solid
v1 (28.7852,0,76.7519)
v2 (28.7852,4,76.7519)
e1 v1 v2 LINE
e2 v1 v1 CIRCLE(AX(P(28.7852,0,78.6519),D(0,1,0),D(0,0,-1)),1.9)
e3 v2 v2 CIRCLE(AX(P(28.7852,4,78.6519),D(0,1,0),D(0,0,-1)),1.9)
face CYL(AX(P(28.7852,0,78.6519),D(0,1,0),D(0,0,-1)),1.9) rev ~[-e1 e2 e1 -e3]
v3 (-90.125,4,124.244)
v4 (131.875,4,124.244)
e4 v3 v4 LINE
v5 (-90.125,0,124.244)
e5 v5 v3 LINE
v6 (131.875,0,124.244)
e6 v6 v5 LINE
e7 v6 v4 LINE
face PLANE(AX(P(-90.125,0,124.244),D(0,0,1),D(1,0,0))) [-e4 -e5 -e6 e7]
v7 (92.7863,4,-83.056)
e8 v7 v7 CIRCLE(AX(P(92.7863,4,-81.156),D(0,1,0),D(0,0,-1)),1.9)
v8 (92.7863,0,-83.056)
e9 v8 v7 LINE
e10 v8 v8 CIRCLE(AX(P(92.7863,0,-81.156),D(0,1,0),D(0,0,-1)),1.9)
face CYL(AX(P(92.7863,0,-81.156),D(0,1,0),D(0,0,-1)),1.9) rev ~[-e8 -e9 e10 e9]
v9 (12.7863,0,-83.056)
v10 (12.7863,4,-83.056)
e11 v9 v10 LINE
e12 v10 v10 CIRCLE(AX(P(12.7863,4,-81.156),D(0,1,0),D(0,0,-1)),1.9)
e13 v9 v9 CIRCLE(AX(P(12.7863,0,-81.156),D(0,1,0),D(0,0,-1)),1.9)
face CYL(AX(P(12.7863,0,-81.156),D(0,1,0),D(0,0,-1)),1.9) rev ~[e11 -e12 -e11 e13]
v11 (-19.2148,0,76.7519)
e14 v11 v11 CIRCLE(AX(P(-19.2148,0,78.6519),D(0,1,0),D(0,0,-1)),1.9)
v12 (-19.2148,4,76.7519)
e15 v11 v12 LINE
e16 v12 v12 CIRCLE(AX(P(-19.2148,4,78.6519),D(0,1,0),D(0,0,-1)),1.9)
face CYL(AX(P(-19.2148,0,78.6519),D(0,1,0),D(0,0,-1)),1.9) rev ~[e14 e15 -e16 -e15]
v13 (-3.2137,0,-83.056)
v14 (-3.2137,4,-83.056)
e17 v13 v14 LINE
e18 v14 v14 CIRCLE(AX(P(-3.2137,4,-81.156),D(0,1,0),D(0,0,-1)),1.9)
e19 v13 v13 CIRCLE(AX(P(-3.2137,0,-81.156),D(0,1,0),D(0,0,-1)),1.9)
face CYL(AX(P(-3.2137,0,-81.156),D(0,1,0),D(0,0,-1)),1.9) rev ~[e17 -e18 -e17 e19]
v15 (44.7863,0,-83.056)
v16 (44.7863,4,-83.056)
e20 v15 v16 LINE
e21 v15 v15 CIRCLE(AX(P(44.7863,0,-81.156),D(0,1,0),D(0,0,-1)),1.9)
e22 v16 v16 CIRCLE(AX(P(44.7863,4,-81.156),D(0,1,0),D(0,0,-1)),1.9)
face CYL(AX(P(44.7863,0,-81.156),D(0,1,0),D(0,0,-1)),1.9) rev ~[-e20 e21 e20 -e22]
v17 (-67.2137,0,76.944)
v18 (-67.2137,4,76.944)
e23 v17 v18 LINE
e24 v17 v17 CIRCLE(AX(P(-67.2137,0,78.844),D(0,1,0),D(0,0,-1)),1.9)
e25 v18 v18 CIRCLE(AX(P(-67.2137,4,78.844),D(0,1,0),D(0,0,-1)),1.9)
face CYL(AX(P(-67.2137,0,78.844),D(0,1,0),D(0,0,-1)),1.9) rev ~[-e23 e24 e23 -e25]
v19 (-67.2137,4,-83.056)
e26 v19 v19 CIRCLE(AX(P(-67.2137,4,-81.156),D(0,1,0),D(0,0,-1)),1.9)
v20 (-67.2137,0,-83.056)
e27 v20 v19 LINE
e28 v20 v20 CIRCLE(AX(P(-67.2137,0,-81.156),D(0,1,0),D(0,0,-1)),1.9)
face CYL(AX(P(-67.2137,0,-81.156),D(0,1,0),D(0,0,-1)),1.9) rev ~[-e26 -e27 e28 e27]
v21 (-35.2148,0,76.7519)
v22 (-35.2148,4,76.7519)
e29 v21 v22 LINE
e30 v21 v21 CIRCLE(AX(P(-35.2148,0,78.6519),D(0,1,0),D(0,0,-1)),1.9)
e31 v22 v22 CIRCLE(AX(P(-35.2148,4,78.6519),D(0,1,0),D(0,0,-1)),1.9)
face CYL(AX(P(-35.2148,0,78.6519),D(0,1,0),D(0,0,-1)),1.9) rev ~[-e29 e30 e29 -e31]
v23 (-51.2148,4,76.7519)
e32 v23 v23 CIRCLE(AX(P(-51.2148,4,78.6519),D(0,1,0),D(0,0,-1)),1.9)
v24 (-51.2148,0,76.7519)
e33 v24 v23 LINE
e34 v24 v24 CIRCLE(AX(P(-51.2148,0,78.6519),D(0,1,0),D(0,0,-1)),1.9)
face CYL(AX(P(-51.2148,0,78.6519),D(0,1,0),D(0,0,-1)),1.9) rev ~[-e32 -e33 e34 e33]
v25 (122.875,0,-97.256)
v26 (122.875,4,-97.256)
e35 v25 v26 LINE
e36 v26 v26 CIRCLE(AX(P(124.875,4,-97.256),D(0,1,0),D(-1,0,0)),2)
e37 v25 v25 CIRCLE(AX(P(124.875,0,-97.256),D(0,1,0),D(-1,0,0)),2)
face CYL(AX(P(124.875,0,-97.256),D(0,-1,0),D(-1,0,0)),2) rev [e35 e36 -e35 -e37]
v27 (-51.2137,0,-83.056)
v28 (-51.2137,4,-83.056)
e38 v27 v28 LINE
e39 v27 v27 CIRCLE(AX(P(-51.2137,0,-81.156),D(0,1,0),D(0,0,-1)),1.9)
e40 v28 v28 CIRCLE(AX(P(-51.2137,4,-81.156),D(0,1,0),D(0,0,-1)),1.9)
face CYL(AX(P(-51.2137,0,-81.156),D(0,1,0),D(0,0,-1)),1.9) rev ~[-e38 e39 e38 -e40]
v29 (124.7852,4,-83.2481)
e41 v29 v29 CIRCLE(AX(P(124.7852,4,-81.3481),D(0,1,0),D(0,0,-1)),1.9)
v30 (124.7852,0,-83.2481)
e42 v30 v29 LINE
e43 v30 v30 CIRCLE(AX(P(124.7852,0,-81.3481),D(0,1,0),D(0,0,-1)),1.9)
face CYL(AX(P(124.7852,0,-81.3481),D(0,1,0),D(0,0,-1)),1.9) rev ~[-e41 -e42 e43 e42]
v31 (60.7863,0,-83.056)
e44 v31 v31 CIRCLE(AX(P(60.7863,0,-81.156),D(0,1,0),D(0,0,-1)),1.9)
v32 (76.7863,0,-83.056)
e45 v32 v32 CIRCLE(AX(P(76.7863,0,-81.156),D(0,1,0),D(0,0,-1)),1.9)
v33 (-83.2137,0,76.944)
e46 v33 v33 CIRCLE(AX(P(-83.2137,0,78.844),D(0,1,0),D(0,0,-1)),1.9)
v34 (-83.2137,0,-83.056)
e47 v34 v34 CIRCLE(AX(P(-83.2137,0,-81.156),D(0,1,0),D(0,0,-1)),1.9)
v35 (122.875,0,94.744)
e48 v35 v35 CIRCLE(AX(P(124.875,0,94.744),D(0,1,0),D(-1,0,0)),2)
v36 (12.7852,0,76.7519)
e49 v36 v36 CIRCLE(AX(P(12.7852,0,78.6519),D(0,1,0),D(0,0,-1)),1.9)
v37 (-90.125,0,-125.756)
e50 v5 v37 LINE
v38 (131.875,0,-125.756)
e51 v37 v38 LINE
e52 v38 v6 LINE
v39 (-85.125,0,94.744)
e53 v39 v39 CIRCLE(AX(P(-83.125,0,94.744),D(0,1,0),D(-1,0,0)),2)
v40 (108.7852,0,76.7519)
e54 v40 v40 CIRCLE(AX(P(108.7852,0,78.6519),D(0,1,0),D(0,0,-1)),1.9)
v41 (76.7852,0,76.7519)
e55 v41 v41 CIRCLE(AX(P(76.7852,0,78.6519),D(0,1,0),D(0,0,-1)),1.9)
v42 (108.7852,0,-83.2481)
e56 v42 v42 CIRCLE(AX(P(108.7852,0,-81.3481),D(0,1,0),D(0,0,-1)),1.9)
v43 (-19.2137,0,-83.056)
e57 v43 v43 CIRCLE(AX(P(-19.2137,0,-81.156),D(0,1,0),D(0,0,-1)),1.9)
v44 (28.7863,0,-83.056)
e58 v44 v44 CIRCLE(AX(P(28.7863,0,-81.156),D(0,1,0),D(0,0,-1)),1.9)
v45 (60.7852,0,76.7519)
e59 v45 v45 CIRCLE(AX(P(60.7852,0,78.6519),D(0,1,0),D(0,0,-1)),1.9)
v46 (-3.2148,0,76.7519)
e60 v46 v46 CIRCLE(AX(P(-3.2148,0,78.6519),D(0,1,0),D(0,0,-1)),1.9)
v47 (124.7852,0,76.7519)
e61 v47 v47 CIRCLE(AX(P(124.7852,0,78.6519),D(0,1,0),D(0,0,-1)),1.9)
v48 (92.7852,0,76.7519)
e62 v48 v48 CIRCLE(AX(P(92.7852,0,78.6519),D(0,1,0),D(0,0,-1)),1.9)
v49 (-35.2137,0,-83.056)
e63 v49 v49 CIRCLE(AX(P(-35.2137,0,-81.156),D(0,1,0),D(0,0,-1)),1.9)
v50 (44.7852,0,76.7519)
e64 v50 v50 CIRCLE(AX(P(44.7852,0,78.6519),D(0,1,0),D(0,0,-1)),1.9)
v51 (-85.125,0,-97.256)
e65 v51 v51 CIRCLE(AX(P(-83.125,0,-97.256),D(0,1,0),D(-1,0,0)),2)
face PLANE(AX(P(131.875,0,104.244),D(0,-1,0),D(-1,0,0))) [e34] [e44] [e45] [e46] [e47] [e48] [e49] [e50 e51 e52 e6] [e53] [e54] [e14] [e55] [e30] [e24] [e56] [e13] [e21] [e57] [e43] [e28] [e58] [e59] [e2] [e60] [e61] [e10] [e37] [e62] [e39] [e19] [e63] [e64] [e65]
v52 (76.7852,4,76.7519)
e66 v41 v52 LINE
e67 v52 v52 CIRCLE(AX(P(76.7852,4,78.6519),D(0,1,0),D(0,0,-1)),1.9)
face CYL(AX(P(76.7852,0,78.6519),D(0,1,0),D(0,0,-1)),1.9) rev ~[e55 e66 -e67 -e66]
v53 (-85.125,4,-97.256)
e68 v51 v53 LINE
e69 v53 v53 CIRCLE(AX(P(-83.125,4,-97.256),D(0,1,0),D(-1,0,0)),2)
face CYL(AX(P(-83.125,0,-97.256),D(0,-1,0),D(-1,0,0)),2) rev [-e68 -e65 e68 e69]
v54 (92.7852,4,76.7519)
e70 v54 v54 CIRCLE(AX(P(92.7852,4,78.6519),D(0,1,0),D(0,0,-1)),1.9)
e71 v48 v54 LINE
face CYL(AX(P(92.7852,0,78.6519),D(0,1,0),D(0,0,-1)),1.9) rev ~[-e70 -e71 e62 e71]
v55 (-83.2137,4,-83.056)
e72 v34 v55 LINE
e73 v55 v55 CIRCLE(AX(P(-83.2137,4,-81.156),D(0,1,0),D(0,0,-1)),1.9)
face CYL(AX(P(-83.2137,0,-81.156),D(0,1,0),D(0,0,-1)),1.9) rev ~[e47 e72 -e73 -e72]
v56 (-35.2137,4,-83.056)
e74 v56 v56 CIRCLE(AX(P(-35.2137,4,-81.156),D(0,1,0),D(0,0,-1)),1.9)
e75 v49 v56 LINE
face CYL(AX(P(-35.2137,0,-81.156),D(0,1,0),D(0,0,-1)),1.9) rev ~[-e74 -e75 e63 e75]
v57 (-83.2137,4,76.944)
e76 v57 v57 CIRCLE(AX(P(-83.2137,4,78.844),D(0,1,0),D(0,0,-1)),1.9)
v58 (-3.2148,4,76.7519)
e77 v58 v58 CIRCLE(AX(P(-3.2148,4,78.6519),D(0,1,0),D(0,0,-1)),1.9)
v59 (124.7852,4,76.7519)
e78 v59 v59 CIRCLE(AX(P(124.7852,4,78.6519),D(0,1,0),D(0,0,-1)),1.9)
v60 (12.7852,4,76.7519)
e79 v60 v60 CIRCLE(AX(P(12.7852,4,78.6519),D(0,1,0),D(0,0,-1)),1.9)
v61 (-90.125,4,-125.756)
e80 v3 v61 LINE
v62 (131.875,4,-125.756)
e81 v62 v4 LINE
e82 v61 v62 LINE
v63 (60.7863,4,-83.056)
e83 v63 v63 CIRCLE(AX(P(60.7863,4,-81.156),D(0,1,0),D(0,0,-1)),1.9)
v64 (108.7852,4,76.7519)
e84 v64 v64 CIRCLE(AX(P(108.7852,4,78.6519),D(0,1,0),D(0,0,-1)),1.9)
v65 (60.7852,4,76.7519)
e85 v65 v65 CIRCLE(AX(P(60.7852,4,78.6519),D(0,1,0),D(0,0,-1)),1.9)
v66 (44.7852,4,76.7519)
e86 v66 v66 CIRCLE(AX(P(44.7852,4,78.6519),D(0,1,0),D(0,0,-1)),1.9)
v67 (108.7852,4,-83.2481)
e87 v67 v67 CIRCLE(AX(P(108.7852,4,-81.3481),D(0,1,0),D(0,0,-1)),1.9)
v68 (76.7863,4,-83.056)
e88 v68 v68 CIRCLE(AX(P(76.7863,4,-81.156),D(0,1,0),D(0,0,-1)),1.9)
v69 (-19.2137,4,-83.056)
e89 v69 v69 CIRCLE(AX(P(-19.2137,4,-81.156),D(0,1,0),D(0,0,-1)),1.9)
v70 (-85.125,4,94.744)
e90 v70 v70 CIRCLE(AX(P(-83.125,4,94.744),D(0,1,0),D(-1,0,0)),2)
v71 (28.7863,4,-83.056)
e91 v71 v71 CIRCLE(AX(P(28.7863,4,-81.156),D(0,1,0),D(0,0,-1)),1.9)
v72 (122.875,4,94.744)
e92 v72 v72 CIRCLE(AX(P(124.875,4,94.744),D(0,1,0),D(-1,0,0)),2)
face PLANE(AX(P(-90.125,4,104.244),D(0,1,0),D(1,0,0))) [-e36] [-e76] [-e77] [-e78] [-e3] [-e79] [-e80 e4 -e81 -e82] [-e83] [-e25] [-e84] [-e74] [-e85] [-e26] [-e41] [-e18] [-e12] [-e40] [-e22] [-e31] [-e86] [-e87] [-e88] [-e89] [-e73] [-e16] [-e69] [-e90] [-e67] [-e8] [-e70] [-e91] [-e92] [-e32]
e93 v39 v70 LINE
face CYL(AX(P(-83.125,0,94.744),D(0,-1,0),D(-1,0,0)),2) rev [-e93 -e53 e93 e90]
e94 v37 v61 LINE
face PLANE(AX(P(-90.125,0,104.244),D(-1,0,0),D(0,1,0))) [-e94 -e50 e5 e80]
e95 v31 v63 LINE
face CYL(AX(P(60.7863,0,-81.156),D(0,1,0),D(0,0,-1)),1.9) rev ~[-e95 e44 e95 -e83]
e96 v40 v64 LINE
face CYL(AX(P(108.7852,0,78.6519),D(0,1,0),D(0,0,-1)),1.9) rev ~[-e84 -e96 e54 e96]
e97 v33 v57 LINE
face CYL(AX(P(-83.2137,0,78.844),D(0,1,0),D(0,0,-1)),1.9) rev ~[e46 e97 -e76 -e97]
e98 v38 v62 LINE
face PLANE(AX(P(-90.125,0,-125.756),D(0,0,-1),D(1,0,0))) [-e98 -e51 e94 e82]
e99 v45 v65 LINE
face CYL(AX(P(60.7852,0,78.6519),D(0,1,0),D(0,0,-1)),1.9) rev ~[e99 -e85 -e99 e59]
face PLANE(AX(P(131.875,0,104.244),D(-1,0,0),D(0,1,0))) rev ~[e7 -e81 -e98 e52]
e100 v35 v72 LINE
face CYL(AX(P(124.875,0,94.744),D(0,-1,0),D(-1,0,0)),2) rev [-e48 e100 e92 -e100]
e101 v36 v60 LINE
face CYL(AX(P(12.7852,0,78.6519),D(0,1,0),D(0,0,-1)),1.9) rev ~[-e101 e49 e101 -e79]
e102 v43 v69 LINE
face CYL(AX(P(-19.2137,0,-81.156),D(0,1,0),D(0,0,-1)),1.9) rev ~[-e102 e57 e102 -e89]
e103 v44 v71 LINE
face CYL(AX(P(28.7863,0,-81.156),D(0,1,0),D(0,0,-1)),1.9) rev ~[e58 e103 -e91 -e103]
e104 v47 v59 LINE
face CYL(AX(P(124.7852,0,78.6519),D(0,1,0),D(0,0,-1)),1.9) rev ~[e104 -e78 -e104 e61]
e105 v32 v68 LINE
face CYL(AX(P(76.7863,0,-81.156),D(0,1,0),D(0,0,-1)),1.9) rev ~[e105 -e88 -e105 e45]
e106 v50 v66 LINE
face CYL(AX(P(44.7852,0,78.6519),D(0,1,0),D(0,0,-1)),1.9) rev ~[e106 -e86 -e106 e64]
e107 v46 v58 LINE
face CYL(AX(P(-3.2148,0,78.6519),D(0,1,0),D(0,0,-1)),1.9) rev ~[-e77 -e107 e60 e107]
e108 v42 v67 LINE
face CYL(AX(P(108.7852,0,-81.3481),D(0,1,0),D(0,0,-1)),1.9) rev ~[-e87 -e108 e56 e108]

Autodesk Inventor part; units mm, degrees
ref_plane "YZ Plane" through (0, 0, 0) normal (1, 0, 0) x (0, 1, 0)
ref_plane "XZ Plane" through (0, 0, 0) normal (0, 1, 0) x (-1, 0, 0)
ref_plane "XY Plane" through (0, 0, 0) normal (0, 0, 1) x (1, 0, 0)
sketch "Sketch1" plane through (0, 0, 0) normal (0, 1, 0) x (-1, 0, 0)
  line L0 (90.125, -125.756) -> (-131.875, -125.756)
  line L1 (-131.875, -125.756) -> (-131.875, 104.244)
  line L2 (-131.875, 104.244) -> (90.125, 104.244)
  line L3 (90.125, 104.244) -> (90.125, -125.756)
  line L4 (83.125, 94.744) -> (-124.875, -97.256) construction
  line L5 (-124.875, 94.744) -> (83.125, -97.256) construction
  circle A0 centre (83.125, -97.256) radius 2
  circle A1 centre (-124.875, -97.256) radius 2
  circle A2 centre (-124.875, 94.744) radius 2
  circle A3 centre (83.125, 94.744) radius 2
  point P0 (0, 0)
  point P1 (-20.875, -125.756)
  point P2 (90.125, -10.756)
  point P3 (-20.8729, -81.6668)
  point P4 (-124.8729, -81.6668)
  point P5 (-20.875, -1.256)
  dimension "d0" = 230
  dimension "d1" = 222
  dimension "d5" = 208
  dimension "d6" = 192
  dimension "d7" = 4
  dimension "d8" = 4
  dimension "d9" = 4
  dimension "d10" = 4
extrude "Extrusion1" add sketch "Sketch1" along normal blind 4
sketch "Sketch2" plane through (0, 0, 0) normal (0, -1, 0) x (1, 0, 0)
  circle A0 centre (124.7852, -81.3481) radius 1.85 projected
  circle A1 centre (108.7852, -81.3481) radius 1.85 projected
  circle A2 centre (92.7863, -81.156) radius 1.85 projected
  circle A3 centre (76.7863, -81.156) radius 1.85 projected
  circle A4 centre (60.7863, -81.156) radius 1.85 projected
  circle A5 centre (44.7863, -81.156) radius 1.85 projected
  circle A6 centre (28.7863, -81.156) radius 1.85 projected
  circle A7 centre (12.7863, -81.156) radius 1.85 projected
  circle A8 centre (-3.2137, -81.156) radius 1.85 projected
  circle A9 centre (-19.2137, -81.156) radius 1.85 projected
  circle A10 centre (-35.2137, -81.156) radius 1.85 projected
  circle A11 centre (-51.2137, -81.156) radius 1.85 projected
  circle A12 centre (-67.2137, -81.156) radius 1.85 projected
  circle A13 centre (-83.2137, -81.156) radius 1.85 projected
  circle A14 centre (124.7852, 78.6519) radius 1.85 projected
  circle A15 centre (108.7852, 78.6519) radius 1.85 projected
  circle A16 centre (92.7852, 78.6519) radius 1.85 projected
  circle A17 centre (76.7852, 78.6519) radius 1.85 projected
  circle A18 centre (60.7852, 78.6519) radius 1.85 projected
  circle A19 centre (44.7852, 78.6519) radius 1.85 projected
  circle A20 centre (28.7852, 78.6519) radius 1.85 projected
  circle A21 centre (12.7852, 78.6519) radius 1.85 projected
  circle A22 centre (-3.2148, 78.6519) radius 1.85 projected
  circle A23 centre (-19.2148, 78.6519) radius 1.85 projected
  circle A24 centre (-35.2148, 78.6519) radius 1.85 projected
  circle A25 centre (-51.2148, 78.6519) radius 1.85 projected
  circle A26 centre (-67.2137, 78.844) radius 1.85 projected
  circle A27 centre (-83.2137, 78.844) radius 1.85 projected
  line L0 (228.7863, -90.756) -> (-187.2137, -90.756) projected
  line L1 (228.7863, -90.756) -> (-187.2137, -90.756) projected
  line L2 (-90.125, -125.756) -> (131.875, -125.756) projected
  line L3 (-187.2148, 88.2519) -> (228.7852, 88.2519) projected
  line L4 (131.875, 104.244) -> (-90.125, 104.244) projected
  point P0 (0, 0)
  dimension "d13" = 35
  dimension "d14" = 15.9922
hole "Hole1" at (124.7852, 0, 78.6519) at (108.7852, 0, 78.6519) at (92.7852, 0, 78.6519) at (76.7852, 0, 78.6519) at (60.7852, 0, 78.6519) at (44.7852, 0, 78.6519) at (28.7852, 0, 78.6519) at (12.7852, 0, 78.6519) at (-3.2148, 0, 78.6519) at (-19.2148, 0, 78.6519) at (-35.2148, 0, 78.6519) at (-51.2148, 0, 78.6519) at (-67.2137, 0, 78.844) at (-83.2137, 0, 78.844) at (-83.2137, 0, -81.156) at (-67.2137, 0, -81.156) at (-51.2137, 0, -81.156) at (-35.2137, 0, -81.156) at (-19.2137, 0, -81.156) at (-3.2137, 0, -81.156) at (12.7863, 0, -81.156) at (28.7863, 0, -81.156) at (44.7863, 0, -81.156) at (60.7863, 0, -81.156) at (76.7863, 0, -81.156) at (92.7863, 0, -81.156) at (108.7852, 0, -81.3481) at (124.7852, 0, -81.3481) direction (0, 1, 0) diameter 3.8 end through all
sketch "Sketch4" plane through (-90.125, 0, 104.244) normal (0, 0, 1) x (1, 0, 0)
  line L0 (222, 0) -> (0, 0) projected
  line L1 (222, 0) -> (0, 0) projected
  line L2 (222, 0) -> (222, 4) projected
  line L3 (0, 4) -> (222, 4) projected
  line L4 (0, 0) -> (0, 4) projected
  point P0 (90.125, 0)
extrude "Extrusion2" add sketch "Sketch4" along normal blind 20
properties part number "CustomBasePlate" material "Aluminum 6061"
